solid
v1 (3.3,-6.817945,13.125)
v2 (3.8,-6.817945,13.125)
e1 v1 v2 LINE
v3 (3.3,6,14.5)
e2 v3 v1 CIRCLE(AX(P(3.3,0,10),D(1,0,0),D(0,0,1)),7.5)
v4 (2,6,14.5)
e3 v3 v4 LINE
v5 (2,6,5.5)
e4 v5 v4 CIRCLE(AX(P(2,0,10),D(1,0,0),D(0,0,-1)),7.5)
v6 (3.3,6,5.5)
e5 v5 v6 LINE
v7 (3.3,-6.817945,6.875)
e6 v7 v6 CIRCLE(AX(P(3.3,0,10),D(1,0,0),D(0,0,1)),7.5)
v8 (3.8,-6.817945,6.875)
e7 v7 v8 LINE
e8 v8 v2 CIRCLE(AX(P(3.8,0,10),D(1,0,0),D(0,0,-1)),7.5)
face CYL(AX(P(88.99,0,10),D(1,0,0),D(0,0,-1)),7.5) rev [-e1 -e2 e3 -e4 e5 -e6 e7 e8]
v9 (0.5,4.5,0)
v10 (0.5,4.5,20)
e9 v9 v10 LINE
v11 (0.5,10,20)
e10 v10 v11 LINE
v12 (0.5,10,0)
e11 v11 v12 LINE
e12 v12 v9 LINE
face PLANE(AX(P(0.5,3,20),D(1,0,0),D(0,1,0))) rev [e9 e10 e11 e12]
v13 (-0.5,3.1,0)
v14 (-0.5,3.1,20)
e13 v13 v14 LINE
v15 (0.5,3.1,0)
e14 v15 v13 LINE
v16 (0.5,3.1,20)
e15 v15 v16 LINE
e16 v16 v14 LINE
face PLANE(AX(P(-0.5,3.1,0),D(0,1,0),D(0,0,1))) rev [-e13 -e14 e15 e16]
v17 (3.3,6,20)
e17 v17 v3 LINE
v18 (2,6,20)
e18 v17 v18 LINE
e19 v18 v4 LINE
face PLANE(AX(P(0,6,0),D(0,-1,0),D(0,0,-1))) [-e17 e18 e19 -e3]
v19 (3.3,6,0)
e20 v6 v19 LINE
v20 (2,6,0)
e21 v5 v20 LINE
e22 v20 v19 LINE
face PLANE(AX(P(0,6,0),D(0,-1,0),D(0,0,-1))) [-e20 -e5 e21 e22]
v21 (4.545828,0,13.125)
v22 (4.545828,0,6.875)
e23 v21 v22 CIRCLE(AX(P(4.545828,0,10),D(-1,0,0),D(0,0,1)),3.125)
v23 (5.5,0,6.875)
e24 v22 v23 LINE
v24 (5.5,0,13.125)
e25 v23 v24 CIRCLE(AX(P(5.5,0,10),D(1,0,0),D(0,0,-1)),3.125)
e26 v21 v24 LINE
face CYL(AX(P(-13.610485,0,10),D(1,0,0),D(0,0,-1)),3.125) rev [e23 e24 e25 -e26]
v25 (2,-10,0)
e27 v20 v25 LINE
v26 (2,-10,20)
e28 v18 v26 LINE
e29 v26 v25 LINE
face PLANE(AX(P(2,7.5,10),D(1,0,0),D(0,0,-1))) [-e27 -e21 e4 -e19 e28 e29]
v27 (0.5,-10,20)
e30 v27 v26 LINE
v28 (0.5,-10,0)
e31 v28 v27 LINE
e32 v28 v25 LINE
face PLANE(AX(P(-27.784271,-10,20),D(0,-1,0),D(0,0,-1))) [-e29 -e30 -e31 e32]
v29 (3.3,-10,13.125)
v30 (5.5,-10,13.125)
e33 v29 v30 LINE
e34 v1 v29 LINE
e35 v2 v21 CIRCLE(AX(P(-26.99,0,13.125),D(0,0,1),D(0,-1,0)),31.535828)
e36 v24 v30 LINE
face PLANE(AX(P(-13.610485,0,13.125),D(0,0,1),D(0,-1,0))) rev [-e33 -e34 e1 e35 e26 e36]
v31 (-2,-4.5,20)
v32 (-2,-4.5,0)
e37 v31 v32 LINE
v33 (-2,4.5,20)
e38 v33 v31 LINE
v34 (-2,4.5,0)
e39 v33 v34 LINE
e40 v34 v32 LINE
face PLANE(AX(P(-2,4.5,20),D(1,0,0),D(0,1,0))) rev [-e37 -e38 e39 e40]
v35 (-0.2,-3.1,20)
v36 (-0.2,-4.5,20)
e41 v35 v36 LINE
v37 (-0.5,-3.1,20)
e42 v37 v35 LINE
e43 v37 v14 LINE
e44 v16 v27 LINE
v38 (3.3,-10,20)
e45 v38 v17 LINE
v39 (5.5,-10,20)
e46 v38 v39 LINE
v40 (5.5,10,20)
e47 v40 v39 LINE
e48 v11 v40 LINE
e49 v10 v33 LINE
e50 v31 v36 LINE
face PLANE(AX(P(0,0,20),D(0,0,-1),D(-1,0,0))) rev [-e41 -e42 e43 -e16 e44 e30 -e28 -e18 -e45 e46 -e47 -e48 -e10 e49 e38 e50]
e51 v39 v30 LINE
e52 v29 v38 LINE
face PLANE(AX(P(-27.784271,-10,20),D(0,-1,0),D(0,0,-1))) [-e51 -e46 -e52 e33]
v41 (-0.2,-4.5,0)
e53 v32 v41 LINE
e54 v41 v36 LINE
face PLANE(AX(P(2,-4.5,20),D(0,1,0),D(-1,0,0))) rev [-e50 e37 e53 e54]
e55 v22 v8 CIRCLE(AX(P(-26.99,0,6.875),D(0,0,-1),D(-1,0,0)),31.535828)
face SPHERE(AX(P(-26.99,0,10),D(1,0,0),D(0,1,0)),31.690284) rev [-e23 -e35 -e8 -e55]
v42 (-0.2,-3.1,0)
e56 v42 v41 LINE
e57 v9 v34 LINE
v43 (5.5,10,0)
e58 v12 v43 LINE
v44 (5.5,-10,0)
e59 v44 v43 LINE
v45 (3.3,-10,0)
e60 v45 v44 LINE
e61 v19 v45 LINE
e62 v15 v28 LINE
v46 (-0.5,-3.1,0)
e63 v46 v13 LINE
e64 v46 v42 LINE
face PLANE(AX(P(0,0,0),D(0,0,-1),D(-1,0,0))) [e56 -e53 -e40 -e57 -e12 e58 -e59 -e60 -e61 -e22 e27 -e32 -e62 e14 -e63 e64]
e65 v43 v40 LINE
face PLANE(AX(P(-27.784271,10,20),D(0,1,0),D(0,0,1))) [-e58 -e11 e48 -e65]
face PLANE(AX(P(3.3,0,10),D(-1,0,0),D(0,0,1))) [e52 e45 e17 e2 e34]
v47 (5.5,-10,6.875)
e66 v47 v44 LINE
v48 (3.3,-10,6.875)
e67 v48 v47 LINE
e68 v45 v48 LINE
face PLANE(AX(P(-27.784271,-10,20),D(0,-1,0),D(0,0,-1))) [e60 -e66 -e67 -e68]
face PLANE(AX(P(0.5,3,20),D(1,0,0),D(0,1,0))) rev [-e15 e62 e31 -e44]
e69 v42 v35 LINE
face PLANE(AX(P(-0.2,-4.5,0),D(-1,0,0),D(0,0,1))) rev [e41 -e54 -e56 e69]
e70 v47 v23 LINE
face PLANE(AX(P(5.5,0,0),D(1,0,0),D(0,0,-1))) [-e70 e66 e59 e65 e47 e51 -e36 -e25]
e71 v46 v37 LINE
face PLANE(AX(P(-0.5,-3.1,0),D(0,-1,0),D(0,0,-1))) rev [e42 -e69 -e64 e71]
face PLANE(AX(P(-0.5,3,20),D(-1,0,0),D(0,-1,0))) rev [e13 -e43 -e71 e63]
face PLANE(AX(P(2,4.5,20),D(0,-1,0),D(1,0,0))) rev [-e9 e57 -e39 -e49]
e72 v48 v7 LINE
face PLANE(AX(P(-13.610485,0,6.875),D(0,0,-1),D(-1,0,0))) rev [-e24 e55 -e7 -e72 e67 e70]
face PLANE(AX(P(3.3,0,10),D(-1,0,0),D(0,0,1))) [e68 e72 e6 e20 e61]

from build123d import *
from build123d.topology import SkipClean

# Parameters (mm, degrees)
SKETCH1_W           = 4
SKETCH1_H           = 9
BOSS_EXTRUDE1_DEPTH = 20
SKETCH2_W           = 1
SKETCH2_H           = 6
CUT_EXTRUDE1_DEPTH  = 21.597329924
SKETCH4_W           = 20
SKETCH4_H           = 20
BOSS_EXTRUDE2_DEPTH = 1.5
SKETCH5_W           = 20
SKETCH5_H           = 20
BOSS_EXTRUDE3_DEPTH = 3.5
SKETCH7_W           = 1.8
SKETCH7_H           = 20
CUT_EXTRUDE5_DEPTH  = 16
CUT_EXTRUDE6_START  = -1.7
CUT_EXTRUDE6_DEPTH  = 1.7
BOSS_EXTRUDE4_START = 0.5
BOSS_EXTRUDE4_DEPTH = 0.5
SKETCH10_W          = 0.7
SKETCH10_H          = 1.5
CUT_EXTRUDE7_DEPTH  = 24.027157903
SKETCH11_W          = 1
SKETCH11_H          = 6.2
CUT_EXTRUDE8_DEPTH  = 24.027157903


with BuildPart() as part:
    # Sketch1 → Boss-Extrude1 (new body)
    with BuildSketch(Plane.XY):
        Rectangle(SKETCH1_W, SKETCH1_H)
    extrude(amount=BOSS_EXTRUDE1_DEPTH)

    # Sketch2 → Cut-Extrude1 (cut, through all)
    with BuildSketch(Plane(origin=(0, 0, 0), x_dir=(-1, 0, 0), z_dir=(0, 0, -1))):
        Rectangle(SKETCH2_W, SKETCH2_H)
    extrude(amount=-CUT_EXTRUDE1_DEPTH, mode=Mode.SUBTRACT)

    # Sketch4 → Boss-Extrude2 (add)
    with BuildSketch(Plane(origin=(2, 0, 0), x_dir=(0, 0, -1), z_dir=(1, 0, 0))):
        with Locations((-10, 0)):
            Rectangle(SKETCH4_W, SKETCH4_H)
    extrude(amount=-BOSS_EXTRUDE2_DEPTH)

    # Sketch5 → Boss-Extrude3 (add)
    with BuildSketch(Plane(origin=(2, 0, 0), x_dir=(0, 0, -1), z_dir=(1, 0, 0))):
        with Locations((-10, 0)):
            Rectangle(SKETCH5_W, SKETCH5_H)
    extrude(amount=BOSS_EXTRUDE3_DEPTH)

    # Sketch6 → Cut-Revolve2 (revolve, cut)
    with BuildSketch(Plane(origin=(0, 0, 10), x_dir=(-1, 0, 0), z_dir=(0, 0, -1)), mode=Mode.PRIVATE) as cut_revolve2_sk:
        with BuildLine():
            Line((-2, 7.5), (-2, 0))
            Line((-2, 0), (-4.700284, 0))
            ThreePointArc((-4.700284, 0), (-4.474408022, 3.776920415), (-3.8, 7.5))
            Line((-3.8, 7.5), (-2, 7.5))
        make_face()
    revolve(cut_revolve2_sk.sketch.rotate(Axis((88.99, 0, 10), (-1, 0, 0)), 90), axis=Axis((88.99, 0, 10), (-1, 0, 0)), mode=Mode.SUBTRACT)

    # Sketch7 → Cut-Extrude5 (cut)
    with BuildSketch(Plane.XZ.offset(10)):
        with Locations((2.9, 10)):
            Rectangle(SKETCH7_W, SKETCH7_H)
    extrude(amount=-CUT_EXTRUDE5_DEPTH, mode=Mode.SUBTRACT)

    # Sketch8 → Cut-Extrude6 (cut)
    with BuildSketch(Plane(origin=(5.5, 0, 0), x_dir=(0, 0, -1), z_dir=(1, 0, 0)).offset(CUT_EXTRUDE6_START)):
        with BuildLine():
            Line((-6.875, 0), (-6.875, -10))
            ThreePointArc((-6.875, -10), (-10, -13.125), (-13.125, -10))
            Line((-13.125, -10), (-13.125, 0))
            ThreePointArc((-13.125, 0), (-10, 3.125), (-6.875, 0))
        make_face()
    extrude(amount=CUT_EXTRUDE6_DEPTH, mode=Mode.SUBTRACT)

    # Sketch9 → Boss-Extrude4 (add)
    with SkipClean():  # the faces are left unmerged after this step: merging them gives an invalid solid
        with BuildSketch(Plane.ZY.offset(-3.8).offset(BOSS_EXTRUDE4_START)):
            with BuildLine():
                Line((13.125, -6.817945072), (13.125, -10))
                Line((13.125, -10), (20, -10))
                Line((20, -10), (20, 6))
                Line((20, 6), (14.5, 6))
                ThreePointArc((14.5, 6), (17.457216989, -0.799946739), (13.125, -6.817945072))
            make_face()
            with BuildLine():
                Line((0, -10), (6.875, -10))
                Line((6.875, -10), (6.875, -6.817945072))
                ThreePointArc((6.875, -6.817945072), (2.542783011, -0.799946739), (5.5, 6))
                Line((5.5, 6), (0, 6))
                Line((0, 6), (0, -10))
            make_face()
        extrude(amount=-BOSS_EXTRUDE4_DEPTH)

    # Sketch10 → Cut-Extrude7 (cut, through all)
    with SkipClean():  # the faces are left unmerged after this step: merging them gives an invalid solid
        with BuildSketch(Plane.XY.offset(20)):
            with Locations((0.15, -3.75)):
                Rectangle(SKETCH10_W, SKETCH10_H)
        extrude(amount=-CUT_EXTRUDE7_DEPTH, mode=Mode.SUBTRACT)

    # Sketch11 → Cut-Extrude8 (cut, through all)
    with SkipClean():  # the faces are left unmerged after this step: merging them gives an invalid solid
        with BuildSketch(Plane.XY.offset(20)):
            Rectangle(SKETCH11_W, SKETCH11_H)
        extrude(amount=-CUT_EXTRUDE8_DEPTH, mode=Mode.SUBTRACT)


solid = part.part
